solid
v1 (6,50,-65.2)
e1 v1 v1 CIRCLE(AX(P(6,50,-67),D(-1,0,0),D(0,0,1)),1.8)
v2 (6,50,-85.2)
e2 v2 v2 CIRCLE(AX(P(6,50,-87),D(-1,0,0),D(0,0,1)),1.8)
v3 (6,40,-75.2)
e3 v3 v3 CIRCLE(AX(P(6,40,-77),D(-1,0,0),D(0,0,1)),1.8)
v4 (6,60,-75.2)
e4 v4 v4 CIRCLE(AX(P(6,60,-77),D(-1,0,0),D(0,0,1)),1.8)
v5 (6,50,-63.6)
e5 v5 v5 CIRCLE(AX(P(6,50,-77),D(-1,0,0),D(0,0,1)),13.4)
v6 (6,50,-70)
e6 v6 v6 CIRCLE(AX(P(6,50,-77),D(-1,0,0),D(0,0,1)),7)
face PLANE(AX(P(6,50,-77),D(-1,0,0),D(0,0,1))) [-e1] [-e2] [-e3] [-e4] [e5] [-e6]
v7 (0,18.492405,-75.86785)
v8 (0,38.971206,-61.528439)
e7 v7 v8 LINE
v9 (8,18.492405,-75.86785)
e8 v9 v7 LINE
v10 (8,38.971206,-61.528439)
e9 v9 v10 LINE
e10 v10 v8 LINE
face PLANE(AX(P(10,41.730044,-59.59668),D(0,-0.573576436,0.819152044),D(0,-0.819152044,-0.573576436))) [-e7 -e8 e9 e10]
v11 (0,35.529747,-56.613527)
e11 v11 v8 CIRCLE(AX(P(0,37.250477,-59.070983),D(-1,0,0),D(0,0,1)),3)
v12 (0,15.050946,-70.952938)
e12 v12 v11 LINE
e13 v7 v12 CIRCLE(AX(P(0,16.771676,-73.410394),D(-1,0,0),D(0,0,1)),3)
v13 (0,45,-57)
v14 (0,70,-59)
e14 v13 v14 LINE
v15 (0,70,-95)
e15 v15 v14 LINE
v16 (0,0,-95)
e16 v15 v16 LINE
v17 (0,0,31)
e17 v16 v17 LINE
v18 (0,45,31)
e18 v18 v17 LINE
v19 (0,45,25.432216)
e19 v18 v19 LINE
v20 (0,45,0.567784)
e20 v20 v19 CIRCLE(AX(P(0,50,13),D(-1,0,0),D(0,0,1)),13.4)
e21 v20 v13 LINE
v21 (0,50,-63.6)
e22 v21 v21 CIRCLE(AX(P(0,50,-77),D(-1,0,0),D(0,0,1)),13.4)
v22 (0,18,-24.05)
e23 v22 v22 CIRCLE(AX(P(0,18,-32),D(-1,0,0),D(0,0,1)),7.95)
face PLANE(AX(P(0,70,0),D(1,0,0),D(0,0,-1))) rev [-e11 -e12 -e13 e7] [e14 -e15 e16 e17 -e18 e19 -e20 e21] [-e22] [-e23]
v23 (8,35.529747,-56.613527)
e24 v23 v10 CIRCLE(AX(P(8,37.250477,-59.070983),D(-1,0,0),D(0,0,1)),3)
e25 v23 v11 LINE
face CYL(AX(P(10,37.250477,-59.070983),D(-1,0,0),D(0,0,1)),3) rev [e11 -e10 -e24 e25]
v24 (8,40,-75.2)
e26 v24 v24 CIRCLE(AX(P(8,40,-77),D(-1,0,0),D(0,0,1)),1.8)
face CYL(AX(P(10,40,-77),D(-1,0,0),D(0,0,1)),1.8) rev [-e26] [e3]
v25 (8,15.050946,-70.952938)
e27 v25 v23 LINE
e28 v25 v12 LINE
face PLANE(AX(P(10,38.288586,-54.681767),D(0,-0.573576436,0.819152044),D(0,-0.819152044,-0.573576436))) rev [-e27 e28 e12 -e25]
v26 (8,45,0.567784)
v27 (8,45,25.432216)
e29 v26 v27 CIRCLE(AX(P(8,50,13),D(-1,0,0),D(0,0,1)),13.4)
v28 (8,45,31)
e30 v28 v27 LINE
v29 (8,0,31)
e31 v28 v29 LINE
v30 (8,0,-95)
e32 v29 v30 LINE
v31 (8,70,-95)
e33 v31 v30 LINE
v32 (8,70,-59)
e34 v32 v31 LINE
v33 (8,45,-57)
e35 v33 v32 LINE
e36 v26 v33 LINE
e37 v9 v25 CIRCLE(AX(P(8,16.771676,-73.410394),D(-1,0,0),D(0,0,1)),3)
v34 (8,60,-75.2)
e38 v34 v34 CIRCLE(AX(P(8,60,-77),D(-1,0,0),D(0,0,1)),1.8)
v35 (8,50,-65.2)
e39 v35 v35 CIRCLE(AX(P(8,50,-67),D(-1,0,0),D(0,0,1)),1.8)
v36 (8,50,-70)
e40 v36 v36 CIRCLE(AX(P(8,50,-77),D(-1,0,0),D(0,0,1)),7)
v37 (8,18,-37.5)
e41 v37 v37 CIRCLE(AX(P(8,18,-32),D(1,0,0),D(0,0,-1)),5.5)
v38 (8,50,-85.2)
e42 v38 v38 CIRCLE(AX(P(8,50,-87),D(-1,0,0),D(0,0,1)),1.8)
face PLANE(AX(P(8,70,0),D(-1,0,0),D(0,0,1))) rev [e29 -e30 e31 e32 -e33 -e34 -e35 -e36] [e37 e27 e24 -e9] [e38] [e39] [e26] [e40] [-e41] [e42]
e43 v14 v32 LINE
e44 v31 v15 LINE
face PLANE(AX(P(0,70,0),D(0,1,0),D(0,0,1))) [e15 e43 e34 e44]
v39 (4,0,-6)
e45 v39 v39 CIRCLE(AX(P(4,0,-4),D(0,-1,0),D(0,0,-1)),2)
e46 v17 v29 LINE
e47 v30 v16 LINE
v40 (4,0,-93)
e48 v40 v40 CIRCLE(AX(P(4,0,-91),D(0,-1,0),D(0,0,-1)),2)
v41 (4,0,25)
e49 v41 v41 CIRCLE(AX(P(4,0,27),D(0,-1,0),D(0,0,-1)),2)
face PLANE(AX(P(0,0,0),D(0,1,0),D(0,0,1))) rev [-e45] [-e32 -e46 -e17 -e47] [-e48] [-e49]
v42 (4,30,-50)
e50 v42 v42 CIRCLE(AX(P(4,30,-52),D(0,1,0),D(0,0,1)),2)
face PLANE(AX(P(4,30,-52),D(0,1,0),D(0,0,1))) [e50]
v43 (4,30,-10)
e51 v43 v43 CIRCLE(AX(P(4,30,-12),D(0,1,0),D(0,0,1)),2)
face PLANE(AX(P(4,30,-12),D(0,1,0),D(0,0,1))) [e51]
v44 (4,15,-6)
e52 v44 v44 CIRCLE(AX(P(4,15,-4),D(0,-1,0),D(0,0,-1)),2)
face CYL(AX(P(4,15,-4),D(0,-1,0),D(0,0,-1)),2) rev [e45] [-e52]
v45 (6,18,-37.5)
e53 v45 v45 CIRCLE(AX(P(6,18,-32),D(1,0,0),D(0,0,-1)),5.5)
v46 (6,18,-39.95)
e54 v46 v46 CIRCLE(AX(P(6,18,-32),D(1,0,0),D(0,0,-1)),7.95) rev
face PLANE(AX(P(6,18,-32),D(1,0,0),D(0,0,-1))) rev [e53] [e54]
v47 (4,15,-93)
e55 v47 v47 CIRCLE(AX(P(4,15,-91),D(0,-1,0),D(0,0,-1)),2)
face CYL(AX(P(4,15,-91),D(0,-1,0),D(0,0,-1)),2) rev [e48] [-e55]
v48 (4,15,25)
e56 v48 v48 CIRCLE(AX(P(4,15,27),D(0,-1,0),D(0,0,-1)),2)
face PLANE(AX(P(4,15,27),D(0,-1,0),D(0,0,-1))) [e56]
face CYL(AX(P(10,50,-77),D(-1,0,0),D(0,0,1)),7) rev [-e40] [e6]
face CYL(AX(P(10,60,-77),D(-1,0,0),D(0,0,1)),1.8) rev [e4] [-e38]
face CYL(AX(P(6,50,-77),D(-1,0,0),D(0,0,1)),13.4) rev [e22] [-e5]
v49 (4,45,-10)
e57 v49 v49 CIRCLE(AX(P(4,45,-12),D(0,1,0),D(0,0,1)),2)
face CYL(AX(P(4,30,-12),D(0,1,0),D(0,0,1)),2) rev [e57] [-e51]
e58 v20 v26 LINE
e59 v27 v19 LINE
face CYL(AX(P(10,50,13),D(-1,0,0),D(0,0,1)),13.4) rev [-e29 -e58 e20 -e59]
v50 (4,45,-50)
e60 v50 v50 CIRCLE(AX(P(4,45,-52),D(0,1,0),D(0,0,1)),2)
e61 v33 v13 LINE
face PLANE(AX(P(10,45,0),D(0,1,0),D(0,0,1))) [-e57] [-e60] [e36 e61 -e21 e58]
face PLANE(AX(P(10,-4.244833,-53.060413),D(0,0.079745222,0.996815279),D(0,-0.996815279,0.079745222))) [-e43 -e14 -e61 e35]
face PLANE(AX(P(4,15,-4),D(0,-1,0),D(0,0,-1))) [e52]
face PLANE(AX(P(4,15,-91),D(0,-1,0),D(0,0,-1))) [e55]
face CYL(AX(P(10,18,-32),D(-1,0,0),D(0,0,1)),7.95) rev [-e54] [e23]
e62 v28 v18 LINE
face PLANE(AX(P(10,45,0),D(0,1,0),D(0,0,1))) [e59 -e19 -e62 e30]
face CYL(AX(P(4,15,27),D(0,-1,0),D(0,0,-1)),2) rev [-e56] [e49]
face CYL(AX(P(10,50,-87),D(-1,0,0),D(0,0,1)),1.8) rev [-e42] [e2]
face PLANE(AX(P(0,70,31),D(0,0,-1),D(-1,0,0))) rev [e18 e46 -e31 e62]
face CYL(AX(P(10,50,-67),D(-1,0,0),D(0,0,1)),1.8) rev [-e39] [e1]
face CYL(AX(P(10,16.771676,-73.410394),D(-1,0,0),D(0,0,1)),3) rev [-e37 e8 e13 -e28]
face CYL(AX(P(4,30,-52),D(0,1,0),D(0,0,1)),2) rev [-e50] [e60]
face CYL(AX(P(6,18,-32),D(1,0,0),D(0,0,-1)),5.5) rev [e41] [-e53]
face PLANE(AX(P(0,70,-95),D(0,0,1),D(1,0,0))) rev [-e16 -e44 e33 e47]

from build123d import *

# Parameters (mm, degrees)
ESQUISSE2_W             = 8
ESQUISSE2_H             = 95
ESQUISSE2_H_2           = 31
BOSS_EXTRU_1_DEPTH      = 70
ESQUISSE3_R             = 7.95
ENL_V_MAT_EXTRU_1_DEPTH = 10
ESQUISSE4_R             = 13.4
ENL_V_MAT_EXTRU_2_DEPTH = 6
ESQUISSE6_R             = 1.8
ESQUISSE6_R_2           = 7
ENL_V_MAT_EXTRU_3_DEPTH = 10
ESQUISSE7_R             = 2
ENL_V_MAT_EXTRU_4_DEPTH = 15
ENL_V_MAT_EXTRU_5_DEPTH = 10
ESQUISSE9_R             = 13.4
ENL_V_MAT_EXTRU_6_DEPTH = 10
ESQUISSE10_R            = 13.4
ENL_V_MAT_EXTRU_7_DEPTH = 10
ESQUISSE12_R            = 8.1
ESQUISSE12_R_2          = 5.5
BOSS_EXTRU_3_DEPTH      = 2
ESQUISSE13_R            = 2
ENL_V_MAT_EXTRU_8_DEPTH = 15


with BuildPart() as part:
    # Esquisse2 → Boss.-Extru.1 (new body)
    with BuildSketch(Plane(origin=(0, 0, 0), x_dir=(1, 0, 0), z_dir=(0, 1, 0))):
        with Locations((4, 47.5)):
            Rectangle(ESQUISSE2_W, ESQUISSE2_H)
        with Locations((4, -15.5)):
            Rectangle(ESQUISSE2_W, ESQUISSE2_H_2)
    extrude(amount=BOSS_EXTRU_1_DEPTH)

    # Esquisse3 → Enlèv. mat.-Extru.1 (cut)
    with BuildSketch(Plane.ZY):
        with Locations((-32, 18)):
            Circle(ESQUISSE3_R)
    extrude(amount=-ENL_V_MAT_EXTRU_1_DEPTH, mode=Mode.SUBTRACT)

    # Esquisse4 → Enlèv. mat.-Extru.2 (cut)
    with BuildSketch(Plane.ZY):
        with Locations((-77, 50)):
            Circle(ESQUISSE4_R)
    extrude(amount=-ENL_V_MAT_EXTRU_2_DEPTH, mode=Mode.SUBTRACT)

    # Esquisse6 → Enlèv. mat.-Extru.3 (cut)
    with BuildSketch(Plane.ZY):
        with Locations((-77, 60)):
            Circle(ESQUISSE6_R)
        with Locations((-67, 50)):
            Circle(ESQUISSE6_R)
        with Locations((-77, 40)):
            Circle(ESQUISSE6_R)
        with Locations((-87, 50)):
            Circle(ESQUISSE6_R)
        with Locations((-77, 50)):
            Circle(ESQUISSE6_R_2)
    extrude(amount=-ENL_V_MAT_EXTRU_3_DEPTH, mode=Mode.SUBTRACT)

    # Esquisse7 → Enlèv. mat.-Extru.4 (cut)
    with BuildSketch(Plane.XZ):
        with Locations((4, -91)):
            Circle(ESQUISSE7_R)
        with Locations((4, -4)):
            Circle(ESQUISSE7_R)
        with Locations((4, 27)):
            Circle(ESQUISSE7_R)
    extrude(amount=-ENL_V_MAT_EXTRU_4_DEPTH, mode=Mode.SUBTRACT)

    # Esquisse8 → Enlèv. mat.-Extru.5 (cut)
    with BuildSketch(Plane.ZY):
        with BuildLine():
            Line((-61.528438992, 38.971206009), (-75.867849901, 18.492404902))
            ThreePointArc((-75.867849901, 18.492404902), (-75.131123077, 14.31421946), (-70.952937635, 15.050946284))
            Line((-70.952937635, 15.050946284), (-56.613526727, 35.529747391))
            ThreePointArc((-56.613526727, 35.529747391), (-57.35025355, 39.707932833), (-61.528438992, 38.971206009))
        make_face()
    extrude(amount=-ENL_V_MAT_EXTRU_5_DEPTH, mode=Mode.SUBTRACT)

    # Esquisse9 → Enlèv. mat.-Extru.6 (cut)
    with BuildSketch(Plane.ZY):
        with Locations((13, 50)):
            Circle(ESQUISSE9_R)
    extrude(amount=-ENL_V_MAT_EXTRU_6_DEPTH, mode=Mode.SUBTRACT)

    # Esquisse10 → Enlèv. mat.-Extru.7 (cut)
    with BuildSketch(Plane.ZY):
        with Locations((13, 50)):
            Circle(ESQUISSE10_R)
        Polygon((-57, 45), (-59, 70), (31, 70), (31, 45), align=None)
        with BuildLine():
            ThreePointArc((0.567783786, 45), (13, 36.6), (25.432216214, 45))
            Line((25.432216214, 45), (0.567783786, 45))
        make_face()
        with BuildLine():
            Line((0.567783786, 45), (25.432216214, 45))
            ThreePointArc((25.432216214, 45), (26.155829455, 47.453600313), (26.4, 50))
            ThreePointArc((26.4, 50), (10.453600313, 63.155829455), (0.567783786, 45))
        make_face()
    extrude(amount=-ENL_V_MAT_EXTRU_7_DEPTH, mode=Mode.SUBTRACT)

    # Esquisse12 → Boss.-Extru.3 (add)
    with BuildSketch(Plane(origin=(8, 0, 0), x_dir=(0, 0, -1), z_dir=(1, 0, 0))):
        with Locations((32, 18)):
            Circle(ESQUISSE12_R)
        with Locations((32, 18)):
            Circle(ESQUISSE12_R_2, mode=Mode.SUBTRACT)
    extrude(amount=-BOSS_EXTRU_3_DEPTH)

    # Esquisse13 → Enlèv. mat.-Extru.8 (cut)
    with BuildSketch(Plane(origin=(0, 45, 0), x_dir=(1, 0, 0), z_dir=(0, 1, 0))):
        with Locations((4, 12)):
            Circle(ESQUISSE13_R)
        with Locations((4, 52)):
            Circle(ESQUISSE13_R)
    extrude(amount=-ENL_V_MAT_EXTRU_8_DEPTH, mode=Mode.SUBTRACT)


solid = part.part
